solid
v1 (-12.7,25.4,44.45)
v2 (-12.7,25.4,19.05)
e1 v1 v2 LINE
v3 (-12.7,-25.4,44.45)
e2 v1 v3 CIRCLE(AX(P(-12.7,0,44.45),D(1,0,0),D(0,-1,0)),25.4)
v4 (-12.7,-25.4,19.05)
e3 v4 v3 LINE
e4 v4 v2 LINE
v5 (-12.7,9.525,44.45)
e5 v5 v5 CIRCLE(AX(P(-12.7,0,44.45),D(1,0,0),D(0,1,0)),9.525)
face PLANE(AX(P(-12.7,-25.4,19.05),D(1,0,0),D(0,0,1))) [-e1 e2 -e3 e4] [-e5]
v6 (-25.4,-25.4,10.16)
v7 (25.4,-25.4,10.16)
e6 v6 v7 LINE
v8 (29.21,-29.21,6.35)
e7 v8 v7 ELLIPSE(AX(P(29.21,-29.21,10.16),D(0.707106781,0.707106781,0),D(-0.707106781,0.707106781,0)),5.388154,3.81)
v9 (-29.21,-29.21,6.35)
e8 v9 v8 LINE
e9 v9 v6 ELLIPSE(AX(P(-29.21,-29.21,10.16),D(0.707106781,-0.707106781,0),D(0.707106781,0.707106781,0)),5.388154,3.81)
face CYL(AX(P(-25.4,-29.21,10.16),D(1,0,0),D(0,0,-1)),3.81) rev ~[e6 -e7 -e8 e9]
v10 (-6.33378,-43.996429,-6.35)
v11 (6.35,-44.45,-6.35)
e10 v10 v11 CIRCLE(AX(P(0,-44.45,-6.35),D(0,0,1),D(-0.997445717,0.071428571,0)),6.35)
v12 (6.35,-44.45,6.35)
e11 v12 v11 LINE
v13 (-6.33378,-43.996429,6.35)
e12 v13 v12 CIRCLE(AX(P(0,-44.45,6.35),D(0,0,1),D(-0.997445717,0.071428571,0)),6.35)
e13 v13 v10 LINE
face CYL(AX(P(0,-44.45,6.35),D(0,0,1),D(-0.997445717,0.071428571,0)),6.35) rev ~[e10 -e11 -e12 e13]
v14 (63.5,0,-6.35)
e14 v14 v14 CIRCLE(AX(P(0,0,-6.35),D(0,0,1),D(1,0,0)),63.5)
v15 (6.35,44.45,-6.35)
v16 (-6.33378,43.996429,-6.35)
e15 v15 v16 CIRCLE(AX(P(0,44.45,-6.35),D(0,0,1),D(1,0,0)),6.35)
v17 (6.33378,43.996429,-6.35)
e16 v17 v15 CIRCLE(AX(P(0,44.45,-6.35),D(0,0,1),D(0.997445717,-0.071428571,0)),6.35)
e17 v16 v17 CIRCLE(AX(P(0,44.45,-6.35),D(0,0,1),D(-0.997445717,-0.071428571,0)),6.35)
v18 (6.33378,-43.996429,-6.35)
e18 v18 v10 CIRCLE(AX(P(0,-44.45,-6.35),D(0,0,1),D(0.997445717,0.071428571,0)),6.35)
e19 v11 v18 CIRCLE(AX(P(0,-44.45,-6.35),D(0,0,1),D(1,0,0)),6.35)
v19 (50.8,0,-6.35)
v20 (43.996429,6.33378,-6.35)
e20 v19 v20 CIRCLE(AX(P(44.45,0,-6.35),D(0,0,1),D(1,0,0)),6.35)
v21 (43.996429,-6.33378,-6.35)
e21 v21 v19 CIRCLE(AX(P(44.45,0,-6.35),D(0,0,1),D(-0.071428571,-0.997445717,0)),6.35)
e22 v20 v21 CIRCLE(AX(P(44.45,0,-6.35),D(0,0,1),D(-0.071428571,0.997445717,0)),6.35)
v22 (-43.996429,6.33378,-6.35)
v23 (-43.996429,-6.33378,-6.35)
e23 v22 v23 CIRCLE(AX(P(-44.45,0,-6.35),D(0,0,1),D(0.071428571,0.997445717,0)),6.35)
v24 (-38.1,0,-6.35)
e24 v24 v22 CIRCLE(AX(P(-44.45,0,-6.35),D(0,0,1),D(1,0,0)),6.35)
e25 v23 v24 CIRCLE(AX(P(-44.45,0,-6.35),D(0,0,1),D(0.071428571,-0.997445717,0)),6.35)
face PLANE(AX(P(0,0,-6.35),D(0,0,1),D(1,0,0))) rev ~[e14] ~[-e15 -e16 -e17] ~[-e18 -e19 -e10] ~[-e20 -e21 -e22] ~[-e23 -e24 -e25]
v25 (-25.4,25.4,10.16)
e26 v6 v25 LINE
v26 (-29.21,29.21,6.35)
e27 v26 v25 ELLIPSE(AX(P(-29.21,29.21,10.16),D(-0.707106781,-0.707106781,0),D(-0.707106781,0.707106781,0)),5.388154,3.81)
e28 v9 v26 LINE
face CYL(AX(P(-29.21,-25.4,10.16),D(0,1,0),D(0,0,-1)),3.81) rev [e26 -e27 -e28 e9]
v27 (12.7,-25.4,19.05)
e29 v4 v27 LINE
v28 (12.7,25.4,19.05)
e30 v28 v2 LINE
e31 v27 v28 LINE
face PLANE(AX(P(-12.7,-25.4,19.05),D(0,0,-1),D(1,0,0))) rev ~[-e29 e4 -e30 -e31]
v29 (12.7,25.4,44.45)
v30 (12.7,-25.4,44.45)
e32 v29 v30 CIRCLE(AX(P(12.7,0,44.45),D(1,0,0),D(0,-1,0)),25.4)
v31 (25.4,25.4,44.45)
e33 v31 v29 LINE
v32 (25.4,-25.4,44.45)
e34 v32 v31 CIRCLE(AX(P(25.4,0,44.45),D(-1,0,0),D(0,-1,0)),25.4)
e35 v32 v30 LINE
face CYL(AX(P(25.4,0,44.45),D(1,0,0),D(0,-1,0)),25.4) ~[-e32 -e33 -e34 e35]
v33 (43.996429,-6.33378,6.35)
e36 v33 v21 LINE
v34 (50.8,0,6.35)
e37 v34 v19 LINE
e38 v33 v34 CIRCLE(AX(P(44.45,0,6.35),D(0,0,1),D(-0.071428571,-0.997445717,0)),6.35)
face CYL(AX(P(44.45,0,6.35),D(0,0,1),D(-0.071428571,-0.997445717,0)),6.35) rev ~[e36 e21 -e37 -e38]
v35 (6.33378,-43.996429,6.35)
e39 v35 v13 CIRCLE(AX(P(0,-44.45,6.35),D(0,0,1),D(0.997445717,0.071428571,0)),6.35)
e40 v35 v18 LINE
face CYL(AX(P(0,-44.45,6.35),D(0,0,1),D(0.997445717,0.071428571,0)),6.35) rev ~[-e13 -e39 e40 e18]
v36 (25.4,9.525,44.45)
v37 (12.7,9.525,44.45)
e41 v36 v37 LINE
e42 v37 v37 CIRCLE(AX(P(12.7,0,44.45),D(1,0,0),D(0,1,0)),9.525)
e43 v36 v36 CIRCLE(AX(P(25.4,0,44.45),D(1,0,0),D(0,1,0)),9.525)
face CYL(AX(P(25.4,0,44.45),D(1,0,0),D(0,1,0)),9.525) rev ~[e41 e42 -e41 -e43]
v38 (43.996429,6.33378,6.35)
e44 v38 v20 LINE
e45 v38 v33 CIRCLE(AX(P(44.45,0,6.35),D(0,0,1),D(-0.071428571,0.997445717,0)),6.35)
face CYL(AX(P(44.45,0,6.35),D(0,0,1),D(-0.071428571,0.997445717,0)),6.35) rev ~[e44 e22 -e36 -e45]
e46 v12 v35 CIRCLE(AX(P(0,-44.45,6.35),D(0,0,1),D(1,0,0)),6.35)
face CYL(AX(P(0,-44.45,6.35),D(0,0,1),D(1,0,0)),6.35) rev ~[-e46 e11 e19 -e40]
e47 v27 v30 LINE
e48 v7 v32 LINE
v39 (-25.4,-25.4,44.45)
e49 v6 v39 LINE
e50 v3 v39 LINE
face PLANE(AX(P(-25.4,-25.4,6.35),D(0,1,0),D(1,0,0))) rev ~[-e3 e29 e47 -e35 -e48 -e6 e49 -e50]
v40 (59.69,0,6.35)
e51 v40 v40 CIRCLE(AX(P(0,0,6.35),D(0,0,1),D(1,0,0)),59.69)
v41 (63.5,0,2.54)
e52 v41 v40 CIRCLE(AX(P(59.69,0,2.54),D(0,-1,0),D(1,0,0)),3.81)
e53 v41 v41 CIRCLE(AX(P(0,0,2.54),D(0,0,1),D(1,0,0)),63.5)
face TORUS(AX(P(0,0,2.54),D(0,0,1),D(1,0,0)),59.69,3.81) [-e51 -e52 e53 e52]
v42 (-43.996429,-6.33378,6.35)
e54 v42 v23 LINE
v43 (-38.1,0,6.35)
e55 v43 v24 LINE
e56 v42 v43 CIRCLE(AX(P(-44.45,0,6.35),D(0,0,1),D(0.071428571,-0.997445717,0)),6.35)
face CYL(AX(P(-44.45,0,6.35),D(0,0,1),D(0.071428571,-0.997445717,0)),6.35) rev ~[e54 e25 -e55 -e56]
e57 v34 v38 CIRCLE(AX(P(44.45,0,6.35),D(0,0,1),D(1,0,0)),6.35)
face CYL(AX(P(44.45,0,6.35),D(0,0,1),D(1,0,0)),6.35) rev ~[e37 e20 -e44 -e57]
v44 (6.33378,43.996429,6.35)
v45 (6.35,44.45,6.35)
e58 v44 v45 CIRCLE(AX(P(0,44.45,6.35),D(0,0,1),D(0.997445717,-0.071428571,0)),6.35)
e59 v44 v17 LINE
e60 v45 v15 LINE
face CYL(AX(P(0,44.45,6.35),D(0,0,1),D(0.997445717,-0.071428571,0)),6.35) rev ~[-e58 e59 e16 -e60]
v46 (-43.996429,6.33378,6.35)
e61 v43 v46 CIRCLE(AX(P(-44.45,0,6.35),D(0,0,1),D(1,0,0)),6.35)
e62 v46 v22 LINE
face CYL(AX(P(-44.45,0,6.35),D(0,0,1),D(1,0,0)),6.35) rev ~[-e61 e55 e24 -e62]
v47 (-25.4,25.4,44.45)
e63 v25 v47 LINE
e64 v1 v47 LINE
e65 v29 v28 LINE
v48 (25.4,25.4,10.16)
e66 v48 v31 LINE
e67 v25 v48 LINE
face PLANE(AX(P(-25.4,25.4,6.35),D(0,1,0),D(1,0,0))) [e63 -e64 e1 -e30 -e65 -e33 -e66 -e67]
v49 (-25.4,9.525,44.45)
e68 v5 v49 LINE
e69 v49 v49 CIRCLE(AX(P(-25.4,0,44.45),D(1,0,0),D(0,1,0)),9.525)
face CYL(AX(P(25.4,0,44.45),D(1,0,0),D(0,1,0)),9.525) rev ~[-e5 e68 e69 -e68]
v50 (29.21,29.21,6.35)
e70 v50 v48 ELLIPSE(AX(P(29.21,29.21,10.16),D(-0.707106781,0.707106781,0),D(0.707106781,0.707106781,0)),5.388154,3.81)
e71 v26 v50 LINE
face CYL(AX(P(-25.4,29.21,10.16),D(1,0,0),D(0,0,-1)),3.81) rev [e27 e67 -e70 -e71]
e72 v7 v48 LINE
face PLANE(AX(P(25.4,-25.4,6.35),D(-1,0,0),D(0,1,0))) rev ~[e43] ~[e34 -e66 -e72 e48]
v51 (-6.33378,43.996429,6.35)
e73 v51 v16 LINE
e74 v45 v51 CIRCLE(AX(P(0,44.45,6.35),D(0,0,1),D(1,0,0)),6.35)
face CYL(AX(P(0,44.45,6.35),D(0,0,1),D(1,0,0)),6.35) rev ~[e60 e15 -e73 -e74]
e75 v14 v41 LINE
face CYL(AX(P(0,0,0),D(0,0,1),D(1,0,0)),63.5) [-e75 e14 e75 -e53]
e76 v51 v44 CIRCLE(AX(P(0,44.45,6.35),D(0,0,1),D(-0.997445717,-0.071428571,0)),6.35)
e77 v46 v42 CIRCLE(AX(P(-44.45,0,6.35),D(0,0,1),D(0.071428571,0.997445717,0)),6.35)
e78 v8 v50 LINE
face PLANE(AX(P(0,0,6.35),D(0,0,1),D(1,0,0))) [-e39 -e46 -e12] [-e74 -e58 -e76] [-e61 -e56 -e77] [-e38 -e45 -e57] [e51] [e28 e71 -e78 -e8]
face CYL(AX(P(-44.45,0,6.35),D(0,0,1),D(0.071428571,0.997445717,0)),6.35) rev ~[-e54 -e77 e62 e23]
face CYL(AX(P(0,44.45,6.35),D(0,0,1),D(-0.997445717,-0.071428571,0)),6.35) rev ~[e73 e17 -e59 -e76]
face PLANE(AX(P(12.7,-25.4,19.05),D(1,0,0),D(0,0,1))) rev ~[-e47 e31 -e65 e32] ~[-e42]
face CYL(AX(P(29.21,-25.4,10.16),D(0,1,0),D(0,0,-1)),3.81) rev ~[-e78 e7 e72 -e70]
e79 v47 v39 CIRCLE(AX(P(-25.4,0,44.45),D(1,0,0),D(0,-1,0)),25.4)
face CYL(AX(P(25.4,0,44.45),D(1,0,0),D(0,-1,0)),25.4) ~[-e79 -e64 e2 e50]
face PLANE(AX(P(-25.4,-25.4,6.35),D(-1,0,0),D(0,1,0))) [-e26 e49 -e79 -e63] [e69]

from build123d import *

# Parameters (mm, degrees)
F0_R      = 63.5
F1_DEPTH  = 6.35
F2_W      = 50.8
F2_H      = 50.8
F3_DEPTH  = 76.2
F4_W      = 25.4
F4_H      = 63.5
F5_DEPTH  = 88.901
F6_R      = 9.525
F8_DEPTH  = 88.901
F9_DEPTH  = 88.901
F11_DEPTH = 12.701
F12_R     = 3.81


with BuildPart() as f1:
    # F0 (on Top) → F1 (new body, symmetric)
    with BuildSketch(Plane.XY):
        Circle(F0_R)
    extrude(amount=F1_DEPTH, both=True)

    # F2 (on face) → F3 (join)
    with BuildSketch(Plane.XY.offset(6.35)):
        Rectangle(F2_W, F2_H)
    extrude(amount=F3_DEPTH)

    # F4 (on face) → F5 (cut, through all)
    with BuildSketch(Plane.XZ.offset(25.4)):
        with Locations((0, 50.8)):
            Rectangle(F4_W, F4_H)
    extrude(amount=-F5_DEPTH, mode=Mode.SUBTRACT)

    # F6 (on face) → F8 (cut, through all)
    with BuildSketch(Plane.YZ.offset(25.4)):
        with Locations((0, 44.45)):
            Circle(F6_R)
    extrude(amount=-F8_DEPTH, mode=Mode.SUBTRACT)

    # F7 (on face) → F9 (cut, through all)
    with BuildSketch(Plane.YZ.offset(25.4)):
        with BuildLine():
            ThreePointArc((-25.4, 44.45), (0, 69.85), (25.4, 44.45))
            Line((25.4, 44.45), (25.4, 82.55))
            Line((25.4, 82.55), (-25.4, 82.55))
            Line((-25.4, 82.55), (-25.4, 44.45))
        make_face()
    extrude(amount=-F9_DEPTH, mode=Mode.SUBTRACT)

    # F10 (on face) → F11 (cut, through all)
    with BuildSketch(Plane.XY.offset(6.35)):
        with BuildLine():
            ThreePointArc((-43.9964285714, -6.3337803056), (-44.45, 0), (-43.9964285714, 6.3337803056))
            ThreePointArc((-43.9964285714, 6.3337803056), (-50.8, 0), (-43.9964285714, -6.3337803056))
        make_face()
        with BuildLine():
            ThreePointArc((-38.1, 0), (-39.8022759026, 4.3267956636), (-43.9964285714, 6.3337803056))
            ThreePointArc((-43.9964285714, 6.3337803056), (-44.45, 0), (-43.9964285714, -6.3337803056))
            ThreePointArc((-43.9964285714, -6.3337803056), (-39.8022759026, -4.3267956636), (-38.1, 0))
        make_face()
        with BuildLine():
            ThreePointArc((-6.3337803056, 43.9964285714), (0, 38.1), (6.3337803056, 43.9964285714))
            ThreePointArc((6.3337803056, 43.9964285714), (0, 44.45), (-6.3337803056, 43.9964285714))
        make_face()
        with BuildLine():
            ThreePointArc((-6.3337803056, 43.9964285714), (0, 44.45), (6.3337803056, 43.9964285714))
            ThreePointArc((6.3337803056, 43.9964285714), (6.3459437809, 44.2230693282), (6.35, 44.45))
            ThreePointArc((6.35, 44.45), (-0.2269306718, 50.7959437809), (-6.3337803056, 43.9964285714))
        make_face()
        with BuildLine():
            ThreePointArc((43.9964285714, -6.3337803056), (44.336462139, -3.175), (44.45, 0))
            ThreePointArc((44.45, 0), (44.336462139, 3.175), (43.9964285714, 6.3337803056))
            ThreePointArc((43.9964285714, 6.3337803056), (38.1, 0), (43.9964285714, -6.3337803056))
        make_face()
        with BuildLine():
            ThreePointArc((43.9964285714, 6.3337803056), (44.336462139, 3.175), (44.45, 0))
            ThreePointArc((44.45, 0), (44.336462139, -3.175), (43.9964285714, -6.3337803056))
            ThreePointArc((43.9964285714, -6.3337803056), (48.7767956636, -4.6477240974), (50.8, 0))
            ThreePointArc((50.8, 0), (48.7767956636, 4.6477240974), (43.9964285714, 6.3337803056))
        make_face()
        with BuildLine():
            ThreePointArc((-6.3337803056, -43.9964285714), (0, -44.45), (6.3337803056, -43.9964285714))
            ThreePointArc((6.3337803056, -43.9964285714), (0, -38.1), (-6.3337803056, -43.9964285714))
        make_face()
        with BuildLine():
            ThreePointArc((6.35, -44.45), (6.3459437809, -44.2230693282), (6.3337803056, -43.9964285714))
            ThreePointArc((6.3337803056, -43.9964285714), (0, -44.45), (-6.3337803056, -43.9964285714))
            ThreePointArc((-6.3337803056, -43.9964285714), (-0.2269306718, -50.7959437809), (6.35, -44.45))
        make_face()
    extrude(amount=-F11_DEPTH, mode=Mode.SUBTRACT)

    # F12
    f12_edges = [f1.edges().sort_by_distance(p)[0] for p in [
        (-63.5, 0, 6.35),
        (25.4, 0, 6.35),
        (0, -25.4, 6.35),
        (-25.4, 0, 6.35),
        (0, 25.4, 6.35),
    ]]
    fillet(f12_edges, radius=F12_R)


solid = f1.part
